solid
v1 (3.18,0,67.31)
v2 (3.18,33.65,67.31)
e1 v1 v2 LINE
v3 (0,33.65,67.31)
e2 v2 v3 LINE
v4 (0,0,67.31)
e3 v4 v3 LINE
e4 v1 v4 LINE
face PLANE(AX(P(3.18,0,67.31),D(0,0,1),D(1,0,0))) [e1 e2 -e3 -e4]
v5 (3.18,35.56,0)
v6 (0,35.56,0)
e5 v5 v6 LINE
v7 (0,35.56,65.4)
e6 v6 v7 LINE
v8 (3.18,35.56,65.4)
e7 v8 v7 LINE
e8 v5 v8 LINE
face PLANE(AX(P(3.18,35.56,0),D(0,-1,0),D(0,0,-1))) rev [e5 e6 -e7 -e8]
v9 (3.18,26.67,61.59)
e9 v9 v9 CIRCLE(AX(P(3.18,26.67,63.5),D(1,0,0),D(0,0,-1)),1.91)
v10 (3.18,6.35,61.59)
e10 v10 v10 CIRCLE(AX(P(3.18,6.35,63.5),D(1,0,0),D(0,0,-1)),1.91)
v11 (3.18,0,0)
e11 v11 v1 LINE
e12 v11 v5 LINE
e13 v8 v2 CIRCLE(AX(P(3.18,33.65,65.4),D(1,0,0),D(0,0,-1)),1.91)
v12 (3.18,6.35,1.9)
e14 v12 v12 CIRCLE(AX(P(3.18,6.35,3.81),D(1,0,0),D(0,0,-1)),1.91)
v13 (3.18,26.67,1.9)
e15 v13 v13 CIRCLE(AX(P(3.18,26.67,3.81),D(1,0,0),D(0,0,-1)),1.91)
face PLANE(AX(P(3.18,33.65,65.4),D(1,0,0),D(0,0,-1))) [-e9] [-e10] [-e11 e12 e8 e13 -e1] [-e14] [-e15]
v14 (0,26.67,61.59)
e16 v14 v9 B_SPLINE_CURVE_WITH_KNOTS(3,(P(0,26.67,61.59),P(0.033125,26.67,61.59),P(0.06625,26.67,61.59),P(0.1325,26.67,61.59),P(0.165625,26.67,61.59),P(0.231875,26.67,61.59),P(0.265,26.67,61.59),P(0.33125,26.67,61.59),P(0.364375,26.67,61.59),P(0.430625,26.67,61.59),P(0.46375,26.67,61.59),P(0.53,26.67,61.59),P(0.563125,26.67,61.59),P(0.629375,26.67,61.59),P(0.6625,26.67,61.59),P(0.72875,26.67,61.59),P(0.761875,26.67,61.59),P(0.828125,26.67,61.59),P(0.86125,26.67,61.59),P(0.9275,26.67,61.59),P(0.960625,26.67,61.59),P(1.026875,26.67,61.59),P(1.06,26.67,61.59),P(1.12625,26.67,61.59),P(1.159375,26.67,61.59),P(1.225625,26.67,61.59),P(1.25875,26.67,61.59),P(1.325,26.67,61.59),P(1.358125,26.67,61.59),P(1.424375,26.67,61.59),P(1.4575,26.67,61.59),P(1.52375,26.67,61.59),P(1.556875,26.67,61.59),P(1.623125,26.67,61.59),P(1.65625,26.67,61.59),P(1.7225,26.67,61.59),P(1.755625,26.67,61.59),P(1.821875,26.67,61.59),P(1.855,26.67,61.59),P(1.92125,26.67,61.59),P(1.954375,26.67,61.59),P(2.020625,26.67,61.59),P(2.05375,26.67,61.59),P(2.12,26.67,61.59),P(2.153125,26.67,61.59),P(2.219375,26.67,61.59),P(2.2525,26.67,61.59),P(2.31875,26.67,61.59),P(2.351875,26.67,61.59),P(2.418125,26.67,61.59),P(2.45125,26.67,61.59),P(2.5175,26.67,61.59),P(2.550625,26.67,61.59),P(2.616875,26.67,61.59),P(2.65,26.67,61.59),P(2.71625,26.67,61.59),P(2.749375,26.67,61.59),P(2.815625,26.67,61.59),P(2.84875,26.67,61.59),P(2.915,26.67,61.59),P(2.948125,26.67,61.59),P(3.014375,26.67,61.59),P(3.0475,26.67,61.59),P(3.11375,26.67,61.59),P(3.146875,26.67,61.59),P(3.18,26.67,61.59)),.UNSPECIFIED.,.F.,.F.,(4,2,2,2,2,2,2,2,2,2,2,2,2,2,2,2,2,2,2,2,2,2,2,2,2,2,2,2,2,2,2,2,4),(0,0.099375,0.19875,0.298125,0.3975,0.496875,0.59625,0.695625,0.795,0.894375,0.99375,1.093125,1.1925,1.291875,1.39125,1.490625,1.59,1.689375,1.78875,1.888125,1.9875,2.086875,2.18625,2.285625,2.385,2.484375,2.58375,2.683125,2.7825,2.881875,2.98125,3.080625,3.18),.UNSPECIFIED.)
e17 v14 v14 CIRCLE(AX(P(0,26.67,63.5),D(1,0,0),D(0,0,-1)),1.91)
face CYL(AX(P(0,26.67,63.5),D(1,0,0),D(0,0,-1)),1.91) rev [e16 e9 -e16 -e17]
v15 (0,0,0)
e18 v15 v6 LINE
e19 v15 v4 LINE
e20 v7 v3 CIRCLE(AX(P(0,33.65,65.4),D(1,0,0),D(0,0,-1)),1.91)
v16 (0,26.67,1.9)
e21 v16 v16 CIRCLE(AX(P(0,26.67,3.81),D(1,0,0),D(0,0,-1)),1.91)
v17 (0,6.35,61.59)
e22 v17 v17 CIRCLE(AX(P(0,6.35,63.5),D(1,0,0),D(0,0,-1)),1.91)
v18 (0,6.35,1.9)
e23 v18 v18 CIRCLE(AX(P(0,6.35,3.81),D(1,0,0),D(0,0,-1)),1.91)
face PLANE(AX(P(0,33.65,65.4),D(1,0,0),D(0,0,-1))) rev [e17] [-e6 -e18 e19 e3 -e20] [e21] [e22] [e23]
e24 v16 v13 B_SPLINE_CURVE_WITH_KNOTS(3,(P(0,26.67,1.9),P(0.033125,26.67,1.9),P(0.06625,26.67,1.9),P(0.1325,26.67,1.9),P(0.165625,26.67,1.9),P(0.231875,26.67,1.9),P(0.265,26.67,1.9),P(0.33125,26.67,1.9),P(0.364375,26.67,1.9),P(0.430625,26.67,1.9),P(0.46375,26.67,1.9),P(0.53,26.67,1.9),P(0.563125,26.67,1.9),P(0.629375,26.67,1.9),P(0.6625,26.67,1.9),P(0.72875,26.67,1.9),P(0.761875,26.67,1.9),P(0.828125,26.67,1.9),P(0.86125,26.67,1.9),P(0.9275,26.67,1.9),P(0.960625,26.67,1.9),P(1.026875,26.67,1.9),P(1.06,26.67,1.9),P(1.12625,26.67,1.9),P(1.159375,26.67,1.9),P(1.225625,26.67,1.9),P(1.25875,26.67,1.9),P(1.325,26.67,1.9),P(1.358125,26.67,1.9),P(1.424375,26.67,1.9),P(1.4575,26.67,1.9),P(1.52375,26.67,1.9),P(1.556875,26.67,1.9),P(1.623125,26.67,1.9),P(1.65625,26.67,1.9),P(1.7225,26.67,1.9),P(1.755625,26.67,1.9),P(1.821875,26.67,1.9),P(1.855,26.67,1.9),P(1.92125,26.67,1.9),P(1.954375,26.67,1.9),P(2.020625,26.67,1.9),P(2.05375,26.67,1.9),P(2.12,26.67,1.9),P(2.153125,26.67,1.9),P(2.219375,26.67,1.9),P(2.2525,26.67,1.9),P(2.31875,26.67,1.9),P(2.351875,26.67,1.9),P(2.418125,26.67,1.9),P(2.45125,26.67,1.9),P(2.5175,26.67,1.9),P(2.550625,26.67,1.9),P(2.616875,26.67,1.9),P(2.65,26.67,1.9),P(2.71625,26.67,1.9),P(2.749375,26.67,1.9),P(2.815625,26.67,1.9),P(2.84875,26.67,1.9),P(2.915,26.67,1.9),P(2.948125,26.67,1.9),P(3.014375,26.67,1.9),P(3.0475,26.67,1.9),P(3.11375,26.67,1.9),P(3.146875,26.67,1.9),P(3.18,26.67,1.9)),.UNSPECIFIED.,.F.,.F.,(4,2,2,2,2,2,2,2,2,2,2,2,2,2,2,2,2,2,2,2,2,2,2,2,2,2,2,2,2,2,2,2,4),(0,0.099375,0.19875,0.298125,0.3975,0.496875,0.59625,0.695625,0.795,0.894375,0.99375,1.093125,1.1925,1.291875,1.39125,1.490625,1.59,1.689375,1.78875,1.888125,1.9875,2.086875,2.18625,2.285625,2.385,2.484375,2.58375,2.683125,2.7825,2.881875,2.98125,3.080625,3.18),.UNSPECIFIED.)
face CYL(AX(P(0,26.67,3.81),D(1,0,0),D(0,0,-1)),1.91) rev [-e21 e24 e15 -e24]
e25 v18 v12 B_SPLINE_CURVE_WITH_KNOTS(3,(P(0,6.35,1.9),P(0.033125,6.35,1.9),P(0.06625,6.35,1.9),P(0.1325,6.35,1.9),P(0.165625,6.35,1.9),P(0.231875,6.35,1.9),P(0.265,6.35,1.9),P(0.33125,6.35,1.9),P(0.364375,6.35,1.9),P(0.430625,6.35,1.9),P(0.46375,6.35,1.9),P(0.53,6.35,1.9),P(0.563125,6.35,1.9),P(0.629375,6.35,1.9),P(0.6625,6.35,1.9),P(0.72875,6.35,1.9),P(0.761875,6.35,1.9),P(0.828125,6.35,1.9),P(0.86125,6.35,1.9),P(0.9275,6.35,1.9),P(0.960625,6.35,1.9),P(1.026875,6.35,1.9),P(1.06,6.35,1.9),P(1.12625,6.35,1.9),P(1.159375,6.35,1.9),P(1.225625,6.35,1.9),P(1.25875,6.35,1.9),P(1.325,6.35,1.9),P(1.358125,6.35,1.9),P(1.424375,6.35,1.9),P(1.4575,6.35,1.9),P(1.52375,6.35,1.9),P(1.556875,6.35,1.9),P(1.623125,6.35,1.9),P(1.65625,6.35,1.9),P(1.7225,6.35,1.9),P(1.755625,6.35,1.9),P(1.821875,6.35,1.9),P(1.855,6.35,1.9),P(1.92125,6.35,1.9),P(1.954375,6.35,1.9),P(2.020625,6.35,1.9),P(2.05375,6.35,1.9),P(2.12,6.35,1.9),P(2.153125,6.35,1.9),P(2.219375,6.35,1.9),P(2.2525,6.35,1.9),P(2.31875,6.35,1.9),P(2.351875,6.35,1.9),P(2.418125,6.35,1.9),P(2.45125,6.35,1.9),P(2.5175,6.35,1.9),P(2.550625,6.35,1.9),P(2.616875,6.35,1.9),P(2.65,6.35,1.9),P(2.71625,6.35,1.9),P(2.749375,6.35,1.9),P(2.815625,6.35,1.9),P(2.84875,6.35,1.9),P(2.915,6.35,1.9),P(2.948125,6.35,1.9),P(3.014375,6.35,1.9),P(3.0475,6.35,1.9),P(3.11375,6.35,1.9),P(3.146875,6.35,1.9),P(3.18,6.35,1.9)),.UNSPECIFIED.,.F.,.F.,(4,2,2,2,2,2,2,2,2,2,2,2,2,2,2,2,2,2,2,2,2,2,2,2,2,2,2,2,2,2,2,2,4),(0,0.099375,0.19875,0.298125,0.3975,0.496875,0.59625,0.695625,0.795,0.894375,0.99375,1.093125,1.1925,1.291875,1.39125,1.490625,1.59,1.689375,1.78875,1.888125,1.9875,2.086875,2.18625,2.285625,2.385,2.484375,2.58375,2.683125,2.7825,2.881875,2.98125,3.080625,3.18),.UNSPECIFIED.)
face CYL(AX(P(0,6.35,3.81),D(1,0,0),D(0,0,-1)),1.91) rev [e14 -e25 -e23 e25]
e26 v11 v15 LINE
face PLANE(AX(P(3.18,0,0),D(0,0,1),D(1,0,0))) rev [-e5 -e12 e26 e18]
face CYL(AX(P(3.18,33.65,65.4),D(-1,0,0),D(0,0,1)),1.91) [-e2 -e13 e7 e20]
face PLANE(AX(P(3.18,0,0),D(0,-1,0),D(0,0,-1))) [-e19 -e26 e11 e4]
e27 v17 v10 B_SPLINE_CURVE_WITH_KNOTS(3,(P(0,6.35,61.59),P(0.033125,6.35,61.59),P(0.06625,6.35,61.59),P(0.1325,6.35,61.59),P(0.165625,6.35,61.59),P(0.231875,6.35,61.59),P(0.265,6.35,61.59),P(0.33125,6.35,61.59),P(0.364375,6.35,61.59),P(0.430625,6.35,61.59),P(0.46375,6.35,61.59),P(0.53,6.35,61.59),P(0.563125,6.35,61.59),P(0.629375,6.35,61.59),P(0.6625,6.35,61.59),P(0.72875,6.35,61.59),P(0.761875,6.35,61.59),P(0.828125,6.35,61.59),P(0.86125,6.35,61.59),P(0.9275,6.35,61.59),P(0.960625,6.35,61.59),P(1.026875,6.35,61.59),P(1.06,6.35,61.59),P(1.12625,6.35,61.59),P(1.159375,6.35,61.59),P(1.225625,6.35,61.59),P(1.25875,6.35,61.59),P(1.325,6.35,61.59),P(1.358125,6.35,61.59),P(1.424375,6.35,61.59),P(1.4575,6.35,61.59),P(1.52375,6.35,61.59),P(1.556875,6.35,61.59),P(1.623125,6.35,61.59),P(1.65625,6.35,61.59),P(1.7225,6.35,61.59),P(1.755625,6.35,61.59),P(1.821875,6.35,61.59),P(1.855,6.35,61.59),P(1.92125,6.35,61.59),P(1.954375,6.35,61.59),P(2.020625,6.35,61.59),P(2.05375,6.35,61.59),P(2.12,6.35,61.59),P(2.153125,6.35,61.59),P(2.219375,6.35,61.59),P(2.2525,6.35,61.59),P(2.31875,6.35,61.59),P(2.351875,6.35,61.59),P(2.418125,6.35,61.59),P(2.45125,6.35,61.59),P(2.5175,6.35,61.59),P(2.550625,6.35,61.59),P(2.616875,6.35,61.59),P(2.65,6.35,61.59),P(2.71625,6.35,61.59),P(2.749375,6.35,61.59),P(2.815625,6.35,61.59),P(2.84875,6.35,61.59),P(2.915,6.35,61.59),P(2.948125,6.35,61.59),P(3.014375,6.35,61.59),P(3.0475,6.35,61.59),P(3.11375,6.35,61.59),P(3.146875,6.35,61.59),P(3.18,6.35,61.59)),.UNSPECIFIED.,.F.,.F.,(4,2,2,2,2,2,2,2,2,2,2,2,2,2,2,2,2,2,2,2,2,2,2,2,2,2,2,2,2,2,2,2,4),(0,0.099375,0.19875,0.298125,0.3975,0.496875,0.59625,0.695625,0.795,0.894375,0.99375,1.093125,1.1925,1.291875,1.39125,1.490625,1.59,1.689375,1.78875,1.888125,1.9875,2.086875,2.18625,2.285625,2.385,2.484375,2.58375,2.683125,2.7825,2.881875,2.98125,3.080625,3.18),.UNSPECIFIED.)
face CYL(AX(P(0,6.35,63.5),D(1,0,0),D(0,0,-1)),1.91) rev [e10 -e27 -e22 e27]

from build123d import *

# Parameters (mm, degrees)
BOSS_EXTRUDE1_DEPTH = 3.18
SKETCH2_R           = 1.91
CUT_EXTRUDE4_DEPTH  = 77.192270605


with BuildPart() as part:
    # Sketch1 → Boss-Extrude1 (new body)
    with BuildSketch(Plane(origin=(0, 0, 0), x_dir=(0, 0, -1), z_dir=(1, 0, 0))):
        with BuildLine():
            Line((0, 0), (-67.31, 0))
            Line((-67.31, 0), (-67.31, 33.65))
            ThreePointArc((-67.31, 33.65), (-66.750573952, 35.000573952), (-65.4, 35.56))
            Line((-65.4, 35.56), (0, 35.56))
            Line((0, 35.56), (0, 0))
        make_face()
    extrude(amount=BOSS_EXTRUDE1_DEPTH)

    # Sketch2 → Cut-Extrude4 (cut, through all)
    with BuildSketch(Plane(origin=(3.18, 0, 0), x_dir=(0, 0, -1), z_dir=(1, 0, 0))):
        with Locations((-63.5, 26.67)):
            Circle(SKETCH2_R)
        with Locations((-63.5, 6.35)):
            Circle(SKETCH2_R)
        with Locations((-3.81, 6.35)):
            Circle(SKETCH2_R)
        with Locations((-3.81, 26.67)):
            Circle(SKETCH2_R)
    extrude(amount=-CUT_EXTRUDE4_DEPTH, mode=Mode.SUBTRACT)


solid = part.part
